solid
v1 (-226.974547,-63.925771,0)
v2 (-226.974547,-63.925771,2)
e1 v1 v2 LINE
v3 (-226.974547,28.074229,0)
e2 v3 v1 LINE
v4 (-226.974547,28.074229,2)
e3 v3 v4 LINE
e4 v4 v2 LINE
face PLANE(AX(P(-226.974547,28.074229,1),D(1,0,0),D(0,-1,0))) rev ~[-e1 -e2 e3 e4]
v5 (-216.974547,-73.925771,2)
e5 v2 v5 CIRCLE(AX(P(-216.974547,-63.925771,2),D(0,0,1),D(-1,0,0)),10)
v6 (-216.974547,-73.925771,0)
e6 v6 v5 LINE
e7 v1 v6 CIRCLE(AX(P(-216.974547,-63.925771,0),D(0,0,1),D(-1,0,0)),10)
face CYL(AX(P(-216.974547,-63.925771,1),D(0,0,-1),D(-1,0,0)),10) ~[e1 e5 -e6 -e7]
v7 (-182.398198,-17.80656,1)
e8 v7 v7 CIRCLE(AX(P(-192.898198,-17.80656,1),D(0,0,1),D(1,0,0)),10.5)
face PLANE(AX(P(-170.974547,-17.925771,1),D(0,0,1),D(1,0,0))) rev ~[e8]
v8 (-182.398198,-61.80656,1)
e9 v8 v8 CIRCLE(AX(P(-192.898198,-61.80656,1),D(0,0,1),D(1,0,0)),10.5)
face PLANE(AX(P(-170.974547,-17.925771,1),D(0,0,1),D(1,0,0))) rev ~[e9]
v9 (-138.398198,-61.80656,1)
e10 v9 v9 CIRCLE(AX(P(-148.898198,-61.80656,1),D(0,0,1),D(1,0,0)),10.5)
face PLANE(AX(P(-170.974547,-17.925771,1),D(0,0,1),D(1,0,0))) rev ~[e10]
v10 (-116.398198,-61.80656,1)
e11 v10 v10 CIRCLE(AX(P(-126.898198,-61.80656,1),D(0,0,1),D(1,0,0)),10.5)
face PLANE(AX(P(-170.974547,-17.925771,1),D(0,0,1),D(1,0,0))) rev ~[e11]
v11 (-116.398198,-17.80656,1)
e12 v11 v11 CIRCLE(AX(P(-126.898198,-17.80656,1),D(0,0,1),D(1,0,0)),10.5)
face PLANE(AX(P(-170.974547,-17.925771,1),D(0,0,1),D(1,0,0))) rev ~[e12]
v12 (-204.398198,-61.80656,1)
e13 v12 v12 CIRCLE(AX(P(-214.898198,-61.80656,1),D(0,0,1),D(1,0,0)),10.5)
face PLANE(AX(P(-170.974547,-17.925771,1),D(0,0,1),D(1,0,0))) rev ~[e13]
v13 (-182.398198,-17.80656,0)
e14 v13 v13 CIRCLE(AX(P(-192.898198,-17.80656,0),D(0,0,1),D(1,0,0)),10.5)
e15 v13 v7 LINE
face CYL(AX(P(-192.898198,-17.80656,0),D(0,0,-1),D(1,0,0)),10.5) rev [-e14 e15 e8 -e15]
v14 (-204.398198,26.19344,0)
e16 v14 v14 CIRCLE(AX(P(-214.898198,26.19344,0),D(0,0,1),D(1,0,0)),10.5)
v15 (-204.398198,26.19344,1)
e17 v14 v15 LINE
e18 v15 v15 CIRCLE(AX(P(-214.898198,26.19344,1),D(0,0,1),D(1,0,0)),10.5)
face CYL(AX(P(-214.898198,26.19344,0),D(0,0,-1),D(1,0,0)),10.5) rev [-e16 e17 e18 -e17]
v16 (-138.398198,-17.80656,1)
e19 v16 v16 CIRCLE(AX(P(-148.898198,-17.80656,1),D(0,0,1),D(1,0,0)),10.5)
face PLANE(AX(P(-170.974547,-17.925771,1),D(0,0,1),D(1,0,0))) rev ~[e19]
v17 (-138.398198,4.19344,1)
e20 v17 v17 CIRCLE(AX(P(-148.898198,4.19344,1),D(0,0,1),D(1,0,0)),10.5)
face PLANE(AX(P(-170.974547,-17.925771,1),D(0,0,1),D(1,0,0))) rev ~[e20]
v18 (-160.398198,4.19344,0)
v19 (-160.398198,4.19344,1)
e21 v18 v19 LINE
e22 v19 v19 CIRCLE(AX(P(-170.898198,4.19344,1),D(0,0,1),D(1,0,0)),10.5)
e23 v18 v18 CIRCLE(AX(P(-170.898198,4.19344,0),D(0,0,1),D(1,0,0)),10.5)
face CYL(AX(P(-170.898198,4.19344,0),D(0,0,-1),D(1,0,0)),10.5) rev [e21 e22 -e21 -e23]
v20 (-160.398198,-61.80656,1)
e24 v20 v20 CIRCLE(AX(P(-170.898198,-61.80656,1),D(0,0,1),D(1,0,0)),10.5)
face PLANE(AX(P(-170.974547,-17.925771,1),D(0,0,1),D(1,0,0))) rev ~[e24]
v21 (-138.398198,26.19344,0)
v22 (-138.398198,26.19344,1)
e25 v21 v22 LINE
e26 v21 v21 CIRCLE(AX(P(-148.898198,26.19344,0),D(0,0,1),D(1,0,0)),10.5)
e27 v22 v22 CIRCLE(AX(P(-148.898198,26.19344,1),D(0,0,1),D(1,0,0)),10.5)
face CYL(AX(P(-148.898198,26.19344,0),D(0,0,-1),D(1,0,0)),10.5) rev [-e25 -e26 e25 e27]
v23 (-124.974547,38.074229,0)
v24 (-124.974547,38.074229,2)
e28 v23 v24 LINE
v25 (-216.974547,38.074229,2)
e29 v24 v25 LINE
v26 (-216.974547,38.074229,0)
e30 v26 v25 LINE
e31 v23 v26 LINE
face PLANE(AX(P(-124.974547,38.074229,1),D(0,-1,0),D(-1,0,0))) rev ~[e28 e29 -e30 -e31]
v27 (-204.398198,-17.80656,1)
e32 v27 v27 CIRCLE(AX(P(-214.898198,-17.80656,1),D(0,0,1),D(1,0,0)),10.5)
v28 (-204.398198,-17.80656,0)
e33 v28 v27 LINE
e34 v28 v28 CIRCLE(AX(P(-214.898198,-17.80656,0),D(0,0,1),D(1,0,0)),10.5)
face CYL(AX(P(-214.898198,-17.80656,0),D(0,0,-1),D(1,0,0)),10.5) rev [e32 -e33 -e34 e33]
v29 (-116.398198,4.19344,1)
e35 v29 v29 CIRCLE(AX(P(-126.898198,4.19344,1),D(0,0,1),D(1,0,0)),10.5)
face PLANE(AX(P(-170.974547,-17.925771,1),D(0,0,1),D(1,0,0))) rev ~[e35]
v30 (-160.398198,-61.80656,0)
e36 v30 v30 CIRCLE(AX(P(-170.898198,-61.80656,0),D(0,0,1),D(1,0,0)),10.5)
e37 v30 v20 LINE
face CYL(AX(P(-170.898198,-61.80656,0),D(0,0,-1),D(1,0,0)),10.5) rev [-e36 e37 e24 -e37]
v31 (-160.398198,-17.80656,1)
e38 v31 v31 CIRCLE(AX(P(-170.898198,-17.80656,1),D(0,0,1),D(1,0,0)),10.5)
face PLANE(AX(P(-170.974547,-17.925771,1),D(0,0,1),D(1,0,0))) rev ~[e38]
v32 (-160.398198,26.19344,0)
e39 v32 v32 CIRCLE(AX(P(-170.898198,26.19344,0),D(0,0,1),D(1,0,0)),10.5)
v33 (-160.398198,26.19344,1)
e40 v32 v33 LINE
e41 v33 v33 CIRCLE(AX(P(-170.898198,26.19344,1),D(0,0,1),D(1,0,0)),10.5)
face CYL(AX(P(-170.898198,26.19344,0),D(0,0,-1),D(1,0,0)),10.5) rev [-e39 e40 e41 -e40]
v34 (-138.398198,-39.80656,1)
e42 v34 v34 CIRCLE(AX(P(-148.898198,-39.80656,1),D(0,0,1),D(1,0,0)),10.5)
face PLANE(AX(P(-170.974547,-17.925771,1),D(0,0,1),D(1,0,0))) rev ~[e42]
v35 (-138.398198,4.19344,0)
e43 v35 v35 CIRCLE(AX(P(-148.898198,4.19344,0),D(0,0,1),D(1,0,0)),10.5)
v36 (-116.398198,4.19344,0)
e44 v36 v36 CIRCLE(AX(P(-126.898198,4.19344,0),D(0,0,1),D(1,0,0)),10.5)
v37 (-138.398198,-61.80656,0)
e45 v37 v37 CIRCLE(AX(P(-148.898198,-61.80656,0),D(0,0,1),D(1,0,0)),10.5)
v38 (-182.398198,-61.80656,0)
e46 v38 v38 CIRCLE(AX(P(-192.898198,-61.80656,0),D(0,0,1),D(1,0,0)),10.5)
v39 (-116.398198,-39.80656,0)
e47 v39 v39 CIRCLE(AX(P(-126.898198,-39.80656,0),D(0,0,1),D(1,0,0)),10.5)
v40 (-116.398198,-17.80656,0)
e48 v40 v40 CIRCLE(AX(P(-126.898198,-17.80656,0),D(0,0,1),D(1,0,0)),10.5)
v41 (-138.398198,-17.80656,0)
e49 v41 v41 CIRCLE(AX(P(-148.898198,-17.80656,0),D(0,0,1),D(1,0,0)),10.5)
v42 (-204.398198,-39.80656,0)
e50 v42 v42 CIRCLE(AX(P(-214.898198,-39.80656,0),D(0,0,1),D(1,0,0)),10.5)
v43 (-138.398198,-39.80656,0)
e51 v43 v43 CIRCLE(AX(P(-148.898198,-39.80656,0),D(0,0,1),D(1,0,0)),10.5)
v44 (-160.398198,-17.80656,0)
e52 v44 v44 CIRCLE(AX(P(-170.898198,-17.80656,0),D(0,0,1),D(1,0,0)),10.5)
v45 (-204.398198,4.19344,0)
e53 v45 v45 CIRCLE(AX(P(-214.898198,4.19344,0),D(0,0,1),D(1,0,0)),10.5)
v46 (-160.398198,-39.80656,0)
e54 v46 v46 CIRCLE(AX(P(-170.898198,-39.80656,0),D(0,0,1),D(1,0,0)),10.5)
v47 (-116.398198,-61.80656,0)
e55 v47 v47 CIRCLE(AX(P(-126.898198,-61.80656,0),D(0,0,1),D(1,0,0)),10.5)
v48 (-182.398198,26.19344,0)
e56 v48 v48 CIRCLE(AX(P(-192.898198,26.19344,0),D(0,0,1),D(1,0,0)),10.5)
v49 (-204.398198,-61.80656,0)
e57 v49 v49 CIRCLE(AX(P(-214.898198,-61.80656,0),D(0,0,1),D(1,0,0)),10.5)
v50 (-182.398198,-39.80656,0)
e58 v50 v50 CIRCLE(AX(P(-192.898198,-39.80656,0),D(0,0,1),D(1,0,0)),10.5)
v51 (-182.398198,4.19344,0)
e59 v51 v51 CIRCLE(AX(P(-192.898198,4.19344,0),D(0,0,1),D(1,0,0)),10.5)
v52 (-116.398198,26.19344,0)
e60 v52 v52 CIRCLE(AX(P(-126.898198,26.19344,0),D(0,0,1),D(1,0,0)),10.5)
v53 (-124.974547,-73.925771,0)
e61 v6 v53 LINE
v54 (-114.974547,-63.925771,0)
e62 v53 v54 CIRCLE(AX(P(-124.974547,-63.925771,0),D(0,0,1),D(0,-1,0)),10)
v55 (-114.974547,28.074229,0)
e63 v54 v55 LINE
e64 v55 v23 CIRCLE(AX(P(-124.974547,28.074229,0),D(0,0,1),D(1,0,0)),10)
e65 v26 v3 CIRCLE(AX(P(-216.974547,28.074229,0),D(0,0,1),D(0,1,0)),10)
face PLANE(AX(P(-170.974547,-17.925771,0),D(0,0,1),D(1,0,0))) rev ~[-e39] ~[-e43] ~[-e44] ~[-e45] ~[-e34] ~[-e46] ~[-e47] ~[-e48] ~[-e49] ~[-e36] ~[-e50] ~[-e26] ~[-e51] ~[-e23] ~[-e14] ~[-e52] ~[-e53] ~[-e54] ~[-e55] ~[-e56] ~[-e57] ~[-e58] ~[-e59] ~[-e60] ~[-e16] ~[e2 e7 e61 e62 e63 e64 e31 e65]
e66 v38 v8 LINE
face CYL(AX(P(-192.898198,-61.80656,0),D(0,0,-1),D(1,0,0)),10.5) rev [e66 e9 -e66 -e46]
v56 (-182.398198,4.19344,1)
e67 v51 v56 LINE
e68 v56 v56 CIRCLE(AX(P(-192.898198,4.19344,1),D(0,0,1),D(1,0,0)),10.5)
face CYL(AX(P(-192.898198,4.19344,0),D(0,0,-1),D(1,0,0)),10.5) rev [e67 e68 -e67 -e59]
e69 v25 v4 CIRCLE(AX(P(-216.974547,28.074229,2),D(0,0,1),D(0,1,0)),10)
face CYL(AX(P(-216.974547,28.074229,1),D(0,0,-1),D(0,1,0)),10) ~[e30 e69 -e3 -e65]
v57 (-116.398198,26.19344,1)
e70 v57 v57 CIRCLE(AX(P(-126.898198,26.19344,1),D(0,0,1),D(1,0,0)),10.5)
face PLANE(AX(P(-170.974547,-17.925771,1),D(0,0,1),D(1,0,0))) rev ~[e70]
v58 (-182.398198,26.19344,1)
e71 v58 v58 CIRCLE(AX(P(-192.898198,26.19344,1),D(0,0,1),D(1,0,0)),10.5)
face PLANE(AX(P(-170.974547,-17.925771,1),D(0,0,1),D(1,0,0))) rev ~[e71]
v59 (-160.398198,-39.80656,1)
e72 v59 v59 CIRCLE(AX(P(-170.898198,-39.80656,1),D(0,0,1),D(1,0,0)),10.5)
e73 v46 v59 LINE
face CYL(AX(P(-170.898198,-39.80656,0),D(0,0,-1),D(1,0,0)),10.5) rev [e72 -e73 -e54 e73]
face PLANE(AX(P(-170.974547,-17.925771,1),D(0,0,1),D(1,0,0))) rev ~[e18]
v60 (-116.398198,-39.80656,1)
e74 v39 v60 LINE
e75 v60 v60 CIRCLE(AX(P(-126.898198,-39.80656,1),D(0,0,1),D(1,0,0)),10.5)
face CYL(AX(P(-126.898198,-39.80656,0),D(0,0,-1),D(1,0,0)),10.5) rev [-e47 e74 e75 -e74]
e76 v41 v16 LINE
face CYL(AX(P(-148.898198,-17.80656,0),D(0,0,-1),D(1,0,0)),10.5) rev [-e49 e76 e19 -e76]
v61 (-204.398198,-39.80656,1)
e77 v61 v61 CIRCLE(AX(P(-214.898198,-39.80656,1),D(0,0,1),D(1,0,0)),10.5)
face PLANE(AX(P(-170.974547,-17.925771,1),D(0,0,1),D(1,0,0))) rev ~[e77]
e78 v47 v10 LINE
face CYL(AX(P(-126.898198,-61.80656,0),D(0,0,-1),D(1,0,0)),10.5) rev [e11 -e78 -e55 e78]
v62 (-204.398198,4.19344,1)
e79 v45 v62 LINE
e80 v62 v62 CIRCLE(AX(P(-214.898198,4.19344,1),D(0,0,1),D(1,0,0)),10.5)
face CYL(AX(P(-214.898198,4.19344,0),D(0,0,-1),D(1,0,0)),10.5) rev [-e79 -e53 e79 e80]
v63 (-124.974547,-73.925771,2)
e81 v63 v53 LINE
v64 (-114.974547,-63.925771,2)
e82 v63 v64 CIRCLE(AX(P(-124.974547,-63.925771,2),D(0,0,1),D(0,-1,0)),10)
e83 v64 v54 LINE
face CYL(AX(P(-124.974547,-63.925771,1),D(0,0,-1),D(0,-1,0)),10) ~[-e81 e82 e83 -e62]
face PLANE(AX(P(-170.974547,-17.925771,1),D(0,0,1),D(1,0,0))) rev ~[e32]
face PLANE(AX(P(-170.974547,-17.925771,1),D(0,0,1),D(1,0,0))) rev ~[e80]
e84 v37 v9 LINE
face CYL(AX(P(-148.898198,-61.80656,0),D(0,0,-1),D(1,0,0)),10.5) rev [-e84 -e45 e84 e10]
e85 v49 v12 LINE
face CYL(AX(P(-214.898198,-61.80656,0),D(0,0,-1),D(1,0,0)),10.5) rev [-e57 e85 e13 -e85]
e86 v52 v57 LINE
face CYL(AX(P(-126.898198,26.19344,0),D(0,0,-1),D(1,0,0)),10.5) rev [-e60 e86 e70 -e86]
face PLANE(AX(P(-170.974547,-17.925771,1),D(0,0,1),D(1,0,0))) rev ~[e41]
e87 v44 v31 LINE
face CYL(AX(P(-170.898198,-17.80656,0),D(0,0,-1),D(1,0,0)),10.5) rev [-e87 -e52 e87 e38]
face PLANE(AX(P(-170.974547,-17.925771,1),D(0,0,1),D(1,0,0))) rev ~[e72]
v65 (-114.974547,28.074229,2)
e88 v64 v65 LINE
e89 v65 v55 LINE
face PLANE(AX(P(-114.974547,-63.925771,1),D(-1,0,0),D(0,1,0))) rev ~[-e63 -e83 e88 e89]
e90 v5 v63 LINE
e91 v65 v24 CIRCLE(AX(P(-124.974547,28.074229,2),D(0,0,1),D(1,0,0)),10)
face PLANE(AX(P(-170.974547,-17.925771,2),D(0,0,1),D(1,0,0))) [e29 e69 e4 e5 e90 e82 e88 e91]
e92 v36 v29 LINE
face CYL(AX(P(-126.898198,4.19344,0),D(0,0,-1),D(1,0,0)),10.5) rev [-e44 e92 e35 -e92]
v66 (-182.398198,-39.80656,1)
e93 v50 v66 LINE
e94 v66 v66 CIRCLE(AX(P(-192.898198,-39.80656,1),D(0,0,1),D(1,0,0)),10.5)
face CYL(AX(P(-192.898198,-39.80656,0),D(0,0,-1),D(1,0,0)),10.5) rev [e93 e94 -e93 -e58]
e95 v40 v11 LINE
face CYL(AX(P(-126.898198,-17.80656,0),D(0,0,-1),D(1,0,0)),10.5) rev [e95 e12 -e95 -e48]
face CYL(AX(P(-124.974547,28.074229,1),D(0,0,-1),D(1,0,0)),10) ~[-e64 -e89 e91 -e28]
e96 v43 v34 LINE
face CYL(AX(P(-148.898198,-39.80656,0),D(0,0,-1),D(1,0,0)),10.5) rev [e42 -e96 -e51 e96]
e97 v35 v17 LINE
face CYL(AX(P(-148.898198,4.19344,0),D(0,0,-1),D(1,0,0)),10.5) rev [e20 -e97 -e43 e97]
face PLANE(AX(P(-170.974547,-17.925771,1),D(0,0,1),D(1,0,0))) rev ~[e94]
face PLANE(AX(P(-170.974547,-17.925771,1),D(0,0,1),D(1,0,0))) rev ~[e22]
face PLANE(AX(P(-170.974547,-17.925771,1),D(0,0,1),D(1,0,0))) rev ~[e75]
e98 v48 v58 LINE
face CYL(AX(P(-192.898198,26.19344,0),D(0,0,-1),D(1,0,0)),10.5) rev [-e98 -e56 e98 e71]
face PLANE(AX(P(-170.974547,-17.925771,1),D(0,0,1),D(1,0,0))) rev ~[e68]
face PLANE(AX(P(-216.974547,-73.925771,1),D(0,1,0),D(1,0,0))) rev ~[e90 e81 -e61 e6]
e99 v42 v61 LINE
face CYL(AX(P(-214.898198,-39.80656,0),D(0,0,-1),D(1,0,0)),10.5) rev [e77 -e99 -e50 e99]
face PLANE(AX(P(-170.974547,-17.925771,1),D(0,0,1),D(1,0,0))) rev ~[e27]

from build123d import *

# Parameters (mm, degrees)
F0_R     = 10.5
F1_DEPTH = 1
F2_R     = 10.5
F3_DEPTH = 1


with BuildPart() as f1:
    # F0 (on Top) → F1 (new body)
    with BuildSketch(Plane.XY):
        with BuildLine():
            ThreePointArc((-114.9745469093, 28.0742291808), (-117.9034790975, 35.1452969927), (-124.9745469093, 38.0742291808))
            Line((-124.9745469093, 38.0742291808), (-216.9745469093, 38.0742291808))
            ThreePointArc((-216.9745469093, 38.0742291808), (-224.0456147212, 35.1452969927), (-226.9745469093, 28.0742291808))
            Line((-226.9745469093, 28.0742291808), (-226.9745469093, -63.9257708192))
            ThreePointArc((-226.9745469093, -63.9257708192), (-224.0456147212, -70.9968386311), (-216.9745469093, -73.9257708192))
            Line((-216.9745469093, -73.9257708192), (-124.9745469093, -73.9257708192))
            ThreePointArc((-124.9745469093, -73.9257708192), (-117.9034790975, -70.9968386311), (-114.9745469093, -63.9257708192))
            Line((-114.9745469093, -63.9257708192), (-114.9745469093, 28.0742291808))
        make_face()
        with Locations((-214.898198111, -61.8065597154)):
            Circle(F0_R, mode=Mode.SUBTRACT)
        with Locations((-192.898198111, -61.8065597154)):
            Circle(F0_R, mode=Mode.SUBTRACT)
        with Locations((-214.898198111, -39.8065597154)):
            Circle(F0_R, mode=Mode.SUBTRACT)
        with Locations((-192.898198111, -39.8065597154)):
            Circle(F0_R, mode=Mode.SUBTRACT)
        with Locations((-170.898198111, -61.8065597154)):
            Circle(F0_R, mode=Mode.SUBTRACT)
        with Locations((-148.898198111, -61.8065597154)):
            Circle(F0_R, mode=Mode.SUBTRACT)
        with Locations((-126.898198111, -61.8065597154)):
            Circle(F0_R, mode=Mode.SUBTRACT)
        with Locations((-170.898198111, -39.8065597154)):
            Circle(F0_R, mode=Mode.SUBTRACT)
        with Locations((-148.898198111, -39.8065597154)):
            Circle(F0_R, mode=Mode.SUBTRACT)
        with Locations((-126.898198111, -39.8065597154)):
            Circle(F0_R, mode=Mode.SUBTRACT)
        with Locations((-214.898198111, -17.8065597154)):
            Circle(F0_R, mode=Mode.SUBTRACT)
        with Locations((-214.898198111, 4.1934402846)):
            Circle(F0_R, mode=Mode.SUBTRACT)
        with Locations((-192.898198111, -17.8065597154)):
            Circle(F0_R, mode=Mode.SUBTRACT)
        with Locations((-192.898198111, 4.1934402846)):
            Circle(F0_R, mode=Mode.SUBTRACT)
        with Locations((-214.898198111, 26.1934402846)):
            Circle(F0_R, mode=Mode.SUBTRACT)
        with Locations((-192.898198111, 26.1934402846)):
            Circle(F0_R, mode=Mode.SUBTRACT)
        with Locations((-170.898198111, -17.8065597154)):
            Circle(F0_R, mode=Mode.SUBTRACT)
        with Locations((-148.898198111, -17.8065597154)):
            Circle(F0_R, mode=Mode.SUBTRACT)
        with Locations((-170.898198111, 4.1934402846)):
            Circle(F0_R, mode=Mode.SUBTRACT)
        with Locations((-148.898198111, 4.1934402846)):
            Circle(F0_R, mode=Mode.SUBTRACT)
        with Locations((-126.898198111, -17.8065597154)):
            Circle(F0_R, mode=Mode.SUBTRACT)
        with Locations((-126.898198111, 4.1934402846)):
            Circle(F0_R, mode=Mode.SUBTRACT)
        with Locations((-170.898198111, 26.1934402846)):
            Circle(F0_R, mode=Mode.SUBTRACT)
        with Locations((-148.898198111, 26.1934402846)):
            Circle(F0_R, mode=Mode.SUBTRACT)
        with Locations((-126.898198111, 26.1934402846)):
            Circle(F0_R, mode=Mode.SUBTRACT)
    extrude(amount=F1_DEPTH)

    # F2 (on face) → F3 (join)
    with BuildSketch(Plane.XY.offset(1)):
        with BuildLine():
            ThreePointArc((-114.9745469093, 28.0742291808), (-117.9034790975, 35.1452969927), (-124.9745469093, 38.0742291808))
            Line((-124.9745469093, 38.0742291808), (-216.9745469093, 38.0742291808))
            ThreePointArc((-216.9745469093, 38.0742291808), (-224.0456147212, 35.1452969927), (-226.9745469093, 28.0742291808))
            Line((-226.9745469093, 28.0742291808), (-226.9745469093, -63.9257708192))
            ThreePointArc((-226.9745469093, -63.9257708192), (-224.0456147212, -70.9968386311), (-216.9745469093, -73.9257708192))
            Line((-216.9745469093, -73.9257708192), (-124.9745469093, -73.9257708192))
            ThreePointArc((-124.9745469093, -73.9257708192), (-117.9034790975, -70.9968386311), (-114.9745469093, -63.9257708192))
            Line((-114.9745469093, -63.9257708192), (-114.9745469093, 28.0742291808))
        make_face()
        with Locations((-214.898198111, -61.8065597154)):
            Circle(F2_R, mode=Mode.SUBTRACT)
        with Locations((-192.898198111, -61.8065597154)):
            Circle(F2_R, mode=Mode.SUBTRACT)
        with Locations((-214.898198111, -39.8065597154)):
            Circle(F2_R, mode=Mode.SUBTRACT)
        with Locations((-192.898198111, -39.8065597154)):
            Circle(F2_R, mode=Mode.SUBTRACT)
        with Locations((-170.898198111, -61.8065597154)):
            Circle(F2_R, mode=Mode.SUBTRACT)
        with Locations((-148.898198111, -61.8065597154)):
            Circle(F2_R, mode=Mode.SUBTRACT)
        with Locations((-126.898198111, -61.8065597154)):
            Circle(F2_R, mode=Mode.SUBTRACT)
        with Locations((-170.898198111, -39.8065597154)):
            Circle(F2_R, mode=Mode.SUBTRACT)
        with Locations((-148.898198111, -39.8065597154)):
            Circle(F2_R, mode=Mode.SUBTRACT)
        with Locations((-126.898198111, -39.8065597154)):
            Circle(F2_R, mode=Mode.SUBTRACT)
        with Locations((-214.898198111, -17.8065597154)):
            Circle(F2_R, mode=Mode.SUBTRACT)
        with Locations((-214.898198111, 4.1934402846)):
            Circle(F2_R, mode=Mode.SUBTRACT)
        with Locations((-192.898198111, -17.8065597154)):
            Circle(F2_R, mode=Mode.SUBTRACT)
        with Locations((-192.898198111, 4.1934402846)):
            Circle(F2_R, mode=Mode.SUBTRACT)
        with Locations((-214.898198111, 26.1934402846)):
            Circle(F2_R, mode=Mode.SUBTRACT)
        with Locations((-192.898198111, 26.1934402846)):
            Circle(F2_R, mode=Mode.SUBTRACT)
        with Locations((-170.898198111, -17.8065597154)):
            Circle(F2_R, mode=Mode.SUBTRACT)
        with Locations((-148.898198111, -17.8065597154)):
            Circle(F2_R, mode=Mode.SUBTRACT)
        with Locations((-170.898198111, 4.1934402846)):
            Circle(F2_R, mode=Mode.SUBTRACT)
        with Locations((-148.898198111, 4.1934402846)):
            Circle(F2_R, mode=Mode.SUBTRACT)
        with Locations((-126.898198111, -17.8065597154)):
            Circle(F2_R, mode=Mode.SUBTRACT)
        with Locations((-126.898198111, 4.1934402846)):
            Circle(F2_R, mode=Mode.SUBTRACT)
        with Locations((-170.898198111, 26.1934402846)):
            Circle(F2_R, mode=Mode.SUBTRACT)
        with Locations((-148.898198111, 26.1934402846)):
            Circle(F2_R, mode=Mode.SUBTRACT)
        with Locations((-126.898198111, 26.1934402846)):
            Circle(F2_R, mode=Mode.SUBTRACT)
        with BuildLine():
            ThreePointArc((-114.9745469093, 28.0742291808), (-117.9034790975, 35.1452969927), (-124.9745469093, 38.0742291808))
            Line((-124.9745469093, 38.0742291808), (-216.9745469093, 38.0742291808))
            ThreePointArc((-216.9745469093, 38.0742291808), (-224.0456147212, 35.1452969927), (-226.9745469093, 28.0742291808))
            Line((-226.9745469093, 28.0742291808), (-226.9745469093, -63.9257708192))
            ThreePointArc((-226.9745469093, -63.9257708192), (-224.0456147212, -70.9968386311), (-216.9745469093, -73.9257708192))
            Line((-216.9745469093, -73.9257708192), (-124.9745469093, -73.9257708192))
            ThreePointArc((-124.9745469093, -73.9257708192), (-117.9034790975, -70.9968386311), (-114.9745469093, -63.9257708192))
            Line((-114.9745469093, -63.9257708192), (-114.9745469093, 28.0742291808))
        make_face()
    extrude(amount=F3_DEPTH)


solid = f1.part
